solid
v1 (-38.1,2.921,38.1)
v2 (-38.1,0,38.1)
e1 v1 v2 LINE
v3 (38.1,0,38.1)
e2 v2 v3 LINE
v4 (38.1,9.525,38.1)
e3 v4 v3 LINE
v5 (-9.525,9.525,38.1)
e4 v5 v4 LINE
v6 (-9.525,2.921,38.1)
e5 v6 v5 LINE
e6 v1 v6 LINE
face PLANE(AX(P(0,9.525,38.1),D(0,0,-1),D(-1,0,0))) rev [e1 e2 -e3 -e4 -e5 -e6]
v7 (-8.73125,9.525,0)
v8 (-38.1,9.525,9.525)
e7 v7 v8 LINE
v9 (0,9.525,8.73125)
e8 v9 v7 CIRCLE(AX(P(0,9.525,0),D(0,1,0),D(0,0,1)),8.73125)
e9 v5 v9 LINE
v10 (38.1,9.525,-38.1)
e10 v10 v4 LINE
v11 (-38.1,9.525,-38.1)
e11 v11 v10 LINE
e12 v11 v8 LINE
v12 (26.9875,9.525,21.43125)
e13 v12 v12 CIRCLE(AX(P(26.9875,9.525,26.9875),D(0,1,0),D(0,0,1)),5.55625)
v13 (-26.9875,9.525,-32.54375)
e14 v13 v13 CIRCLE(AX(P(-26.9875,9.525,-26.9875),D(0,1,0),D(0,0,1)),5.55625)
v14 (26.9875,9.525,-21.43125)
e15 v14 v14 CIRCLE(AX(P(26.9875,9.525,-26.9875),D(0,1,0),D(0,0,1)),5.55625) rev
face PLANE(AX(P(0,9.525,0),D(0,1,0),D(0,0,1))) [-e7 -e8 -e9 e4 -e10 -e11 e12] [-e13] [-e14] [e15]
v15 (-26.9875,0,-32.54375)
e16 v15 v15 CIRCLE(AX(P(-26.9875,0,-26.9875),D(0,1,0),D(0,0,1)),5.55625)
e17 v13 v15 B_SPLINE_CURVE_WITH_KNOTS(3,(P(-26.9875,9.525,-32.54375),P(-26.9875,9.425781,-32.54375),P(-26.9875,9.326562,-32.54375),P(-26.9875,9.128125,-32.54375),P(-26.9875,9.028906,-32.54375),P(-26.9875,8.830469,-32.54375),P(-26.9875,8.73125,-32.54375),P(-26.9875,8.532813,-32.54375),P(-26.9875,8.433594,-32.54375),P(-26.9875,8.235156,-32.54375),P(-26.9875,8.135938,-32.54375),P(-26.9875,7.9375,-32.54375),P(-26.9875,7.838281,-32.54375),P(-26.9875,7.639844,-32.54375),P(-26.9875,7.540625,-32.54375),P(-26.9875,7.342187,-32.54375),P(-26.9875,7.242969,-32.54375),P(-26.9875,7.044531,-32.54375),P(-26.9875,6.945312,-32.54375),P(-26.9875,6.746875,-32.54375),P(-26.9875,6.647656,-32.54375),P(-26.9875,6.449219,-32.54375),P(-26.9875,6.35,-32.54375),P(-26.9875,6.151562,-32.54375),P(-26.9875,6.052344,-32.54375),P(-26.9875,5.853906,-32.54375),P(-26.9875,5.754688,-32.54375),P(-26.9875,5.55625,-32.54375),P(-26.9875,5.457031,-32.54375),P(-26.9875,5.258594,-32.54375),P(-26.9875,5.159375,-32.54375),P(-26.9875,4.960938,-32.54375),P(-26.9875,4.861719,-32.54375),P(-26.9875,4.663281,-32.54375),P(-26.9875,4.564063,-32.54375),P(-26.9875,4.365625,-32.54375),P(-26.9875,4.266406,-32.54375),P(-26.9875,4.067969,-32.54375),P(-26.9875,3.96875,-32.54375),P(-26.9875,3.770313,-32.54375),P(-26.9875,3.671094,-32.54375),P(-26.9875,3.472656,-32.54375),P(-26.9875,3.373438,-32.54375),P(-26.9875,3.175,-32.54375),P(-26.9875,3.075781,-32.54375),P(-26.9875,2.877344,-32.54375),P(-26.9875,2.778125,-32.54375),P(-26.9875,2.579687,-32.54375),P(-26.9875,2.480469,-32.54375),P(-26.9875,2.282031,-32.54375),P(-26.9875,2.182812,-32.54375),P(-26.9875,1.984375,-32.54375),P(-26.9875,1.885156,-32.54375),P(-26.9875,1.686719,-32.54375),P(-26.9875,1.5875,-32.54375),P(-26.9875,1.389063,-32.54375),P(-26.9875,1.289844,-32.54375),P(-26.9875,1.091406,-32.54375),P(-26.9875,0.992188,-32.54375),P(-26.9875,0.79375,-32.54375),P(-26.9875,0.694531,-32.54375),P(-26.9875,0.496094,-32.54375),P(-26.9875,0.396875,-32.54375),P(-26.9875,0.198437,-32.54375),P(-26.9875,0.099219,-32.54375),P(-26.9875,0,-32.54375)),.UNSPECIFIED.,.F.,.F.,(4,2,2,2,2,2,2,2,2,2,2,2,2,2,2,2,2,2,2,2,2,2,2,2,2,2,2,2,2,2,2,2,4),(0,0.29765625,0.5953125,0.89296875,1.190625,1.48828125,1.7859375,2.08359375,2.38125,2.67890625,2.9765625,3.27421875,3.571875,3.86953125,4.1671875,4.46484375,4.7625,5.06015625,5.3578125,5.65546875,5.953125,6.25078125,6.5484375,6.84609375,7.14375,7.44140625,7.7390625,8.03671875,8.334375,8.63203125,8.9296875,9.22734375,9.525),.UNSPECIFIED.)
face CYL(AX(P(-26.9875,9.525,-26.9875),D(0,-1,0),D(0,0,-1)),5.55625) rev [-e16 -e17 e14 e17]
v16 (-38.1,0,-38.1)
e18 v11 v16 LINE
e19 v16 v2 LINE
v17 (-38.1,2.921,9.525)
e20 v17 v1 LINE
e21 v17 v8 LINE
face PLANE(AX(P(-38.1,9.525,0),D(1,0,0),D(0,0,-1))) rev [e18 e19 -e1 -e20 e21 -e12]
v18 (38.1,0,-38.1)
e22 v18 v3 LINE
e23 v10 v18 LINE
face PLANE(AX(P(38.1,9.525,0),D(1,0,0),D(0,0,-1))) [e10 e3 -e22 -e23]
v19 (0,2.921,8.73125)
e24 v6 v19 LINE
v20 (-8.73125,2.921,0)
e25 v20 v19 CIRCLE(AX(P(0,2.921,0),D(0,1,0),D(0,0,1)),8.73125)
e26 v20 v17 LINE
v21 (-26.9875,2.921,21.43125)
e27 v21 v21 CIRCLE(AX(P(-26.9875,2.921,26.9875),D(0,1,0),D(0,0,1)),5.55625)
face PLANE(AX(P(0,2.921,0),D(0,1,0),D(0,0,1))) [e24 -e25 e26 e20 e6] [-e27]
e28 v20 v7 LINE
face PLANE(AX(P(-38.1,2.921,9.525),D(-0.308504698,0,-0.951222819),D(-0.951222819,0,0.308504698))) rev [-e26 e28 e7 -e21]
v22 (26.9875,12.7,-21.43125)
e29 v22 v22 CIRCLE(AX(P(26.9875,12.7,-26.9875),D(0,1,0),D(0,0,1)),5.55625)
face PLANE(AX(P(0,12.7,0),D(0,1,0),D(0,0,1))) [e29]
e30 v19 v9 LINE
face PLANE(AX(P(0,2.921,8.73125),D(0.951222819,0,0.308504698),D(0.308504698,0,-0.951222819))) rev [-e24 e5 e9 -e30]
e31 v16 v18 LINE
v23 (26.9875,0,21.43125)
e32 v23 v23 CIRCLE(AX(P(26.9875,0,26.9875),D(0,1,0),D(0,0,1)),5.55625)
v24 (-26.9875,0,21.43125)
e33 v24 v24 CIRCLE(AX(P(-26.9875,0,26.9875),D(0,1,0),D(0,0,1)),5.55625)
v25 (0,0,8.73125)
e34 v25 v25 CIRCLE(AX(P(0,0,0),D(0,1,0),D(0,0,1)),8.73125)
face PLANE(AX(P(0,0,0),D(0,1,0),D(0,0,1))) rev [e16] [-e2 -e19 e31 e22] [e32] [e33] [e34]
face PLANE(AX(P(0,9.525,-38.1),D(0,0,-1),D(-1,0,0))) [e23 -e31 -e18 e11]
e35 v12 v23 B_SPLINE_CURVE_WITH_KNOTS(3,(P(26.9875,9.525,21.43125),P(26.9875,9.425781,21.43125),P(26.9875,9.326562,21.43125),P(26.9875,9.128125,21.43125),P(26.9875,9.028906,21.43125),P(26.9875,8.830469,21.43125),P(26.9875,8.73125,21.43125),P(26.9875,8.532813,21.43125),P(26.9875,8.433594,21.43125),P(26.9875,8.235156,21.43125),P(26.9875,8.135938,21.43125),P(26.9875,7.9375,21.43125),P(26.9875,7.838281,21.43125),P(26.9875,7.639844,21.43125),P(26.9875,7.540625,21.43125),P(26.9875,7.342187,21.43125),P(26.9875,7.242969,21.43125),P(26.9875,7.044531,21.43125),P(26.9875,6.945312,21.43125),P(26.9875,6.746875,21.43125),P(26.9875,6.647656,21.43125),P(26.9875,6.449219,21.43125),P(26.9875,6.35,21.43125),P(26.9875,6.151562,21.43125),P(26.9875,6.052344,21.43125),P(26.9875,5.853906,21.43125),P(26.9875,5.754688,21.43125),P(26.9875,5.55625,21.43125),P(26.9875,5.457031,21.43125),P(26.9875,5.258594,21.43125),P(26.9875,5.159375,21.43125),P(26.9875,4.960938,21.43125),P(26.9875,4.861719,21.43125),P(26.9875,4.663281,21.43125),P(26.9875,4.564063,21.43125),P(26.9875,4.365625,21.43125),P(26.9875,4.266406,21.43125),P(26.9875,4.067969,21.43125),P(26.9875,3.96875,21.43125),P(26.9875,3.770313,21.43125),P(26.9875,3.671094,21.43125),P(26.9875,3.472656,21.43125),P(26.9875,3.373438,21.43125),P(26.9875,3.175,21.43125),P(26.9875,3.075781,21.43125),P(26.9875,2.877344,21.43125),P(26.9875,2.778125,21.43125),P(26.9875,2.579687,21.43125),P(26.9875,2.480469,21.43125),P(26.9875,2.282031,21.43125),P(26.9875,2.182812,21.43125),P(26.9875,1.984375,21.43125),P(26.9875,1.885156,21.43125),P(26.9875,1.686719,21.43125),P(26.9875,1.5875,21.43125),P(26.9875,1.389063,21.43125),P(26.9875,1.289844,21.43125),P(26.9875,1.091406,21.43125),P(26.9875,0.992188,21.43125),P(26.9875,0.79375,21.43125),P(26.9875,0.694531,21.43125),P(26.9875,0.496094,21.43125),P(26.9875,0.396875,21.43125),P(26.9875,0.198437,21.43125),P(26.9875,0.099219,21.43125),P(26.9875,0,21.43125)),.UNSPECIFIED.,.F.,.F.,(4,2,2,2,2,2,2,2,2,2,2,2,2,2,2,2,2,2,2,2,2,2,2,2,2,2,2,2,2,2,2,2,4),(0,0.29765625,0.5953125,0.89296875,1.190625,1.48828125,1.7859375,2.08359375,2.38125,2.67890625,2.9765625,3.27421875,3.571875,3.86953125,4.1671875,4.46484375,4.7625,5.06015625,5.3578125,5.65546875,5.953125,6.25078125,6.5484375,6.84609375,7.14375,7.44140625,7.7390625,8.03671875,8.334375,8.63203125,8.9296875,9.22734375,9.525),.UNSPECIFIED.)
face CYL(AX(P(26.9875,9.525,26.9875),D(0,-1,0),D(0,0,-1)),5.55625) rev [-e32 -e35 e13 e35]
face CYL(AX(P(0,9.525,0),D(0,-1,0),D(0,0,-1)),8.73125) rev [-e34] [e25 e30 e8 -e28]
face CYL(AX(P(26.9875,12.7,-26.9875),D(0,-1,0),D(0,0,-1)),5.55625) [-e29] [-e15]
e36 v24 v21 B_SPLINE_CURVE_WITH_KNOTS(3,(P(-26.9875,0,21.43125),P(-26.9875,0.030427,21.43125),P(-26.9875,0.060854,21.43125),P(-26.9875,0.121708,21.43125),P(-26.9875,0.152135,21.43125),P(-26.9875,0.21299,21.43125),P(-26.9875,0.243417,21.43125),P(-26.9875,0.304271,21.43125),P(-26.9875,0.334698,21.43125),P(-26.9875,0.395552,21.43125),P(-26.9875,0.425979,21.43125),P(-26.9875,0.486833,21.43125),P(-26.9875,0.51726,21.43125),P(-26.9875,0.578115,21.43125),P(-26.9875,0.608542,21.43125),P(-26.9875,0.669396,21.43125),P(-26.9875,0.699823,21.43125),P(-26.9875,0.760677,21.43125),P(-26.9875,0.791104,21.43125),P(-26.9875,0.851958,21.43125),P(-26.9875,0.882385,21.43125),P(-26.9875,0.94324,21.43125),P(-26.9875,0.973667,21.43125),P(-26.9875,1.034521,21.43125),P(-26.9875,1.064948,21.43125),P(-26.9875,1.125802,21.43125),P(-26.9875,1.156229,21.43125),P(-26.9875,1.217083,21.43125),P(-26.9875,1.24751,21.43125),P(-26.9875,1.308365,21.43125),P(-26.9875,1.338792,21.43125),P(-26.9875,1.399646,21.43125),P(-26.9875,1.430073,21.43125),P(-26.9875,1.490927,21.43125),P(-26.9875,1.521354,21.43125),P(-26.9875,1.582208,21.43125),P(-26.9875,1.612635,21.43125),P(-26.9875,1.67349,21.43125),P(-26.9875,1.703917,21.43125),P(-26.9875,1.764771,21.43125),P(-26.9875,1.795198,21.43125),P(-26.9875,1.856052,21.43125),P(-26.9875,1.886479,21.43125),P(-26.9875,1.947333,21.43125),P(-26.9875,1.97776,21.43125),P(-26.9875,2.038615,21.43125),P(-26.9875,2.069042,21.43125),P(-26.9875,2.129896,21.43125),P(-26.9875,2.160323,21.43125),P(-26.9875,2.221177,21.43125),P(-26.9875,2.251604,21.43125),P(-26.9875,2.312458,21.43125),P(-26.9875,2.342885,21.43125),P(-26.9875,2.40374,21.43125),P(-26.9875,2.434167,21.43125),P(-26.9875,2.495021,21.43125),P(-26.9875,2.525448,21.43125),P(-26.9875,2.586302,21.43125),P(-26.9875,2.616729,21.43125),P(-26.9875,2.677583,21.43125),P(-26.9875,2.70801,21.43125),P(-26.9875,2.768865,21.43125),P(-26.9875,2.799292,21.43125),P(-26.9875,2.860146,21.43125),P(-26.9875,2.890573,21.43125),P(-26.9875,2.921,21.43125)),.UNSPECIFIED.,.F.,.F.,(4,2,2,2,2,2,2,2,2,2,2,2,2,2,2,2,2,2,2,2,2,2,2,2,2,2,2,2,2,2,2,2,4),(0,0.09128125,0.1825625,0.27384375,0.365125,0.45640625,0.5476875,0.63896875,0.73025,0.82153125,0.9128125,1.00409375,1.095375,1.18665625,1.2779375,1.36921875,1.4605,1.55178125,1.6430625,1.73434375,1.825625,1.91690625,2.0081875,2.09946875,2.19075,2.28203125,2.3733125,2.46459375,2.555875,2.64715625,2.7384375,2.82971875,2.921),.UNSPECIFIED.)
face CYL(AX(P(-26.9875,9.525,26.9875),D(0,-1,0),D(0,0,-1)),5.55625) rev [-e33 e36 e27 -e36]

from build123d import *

# Parameters (mm, degrees)
SKETCH1_W           = 76.2
SKETCH1_H           = 76.2
SKETCH1_R           = 5.55625
SKETCH1_R_2         = 8.73125
BOSS_EXTRUDE1_DEPTH = 9.525
CUT_EXTRUDE1_DEPTH  = 6.604
SKETCH1_3_R         = 5.55625
BOSS_EXTRUDE2_DEPTH = 12.7


with BuildPart() as part:
    # Sketch1 → Boss-Extrude1 (new body)
    with BuildSketch(Plane(origin=(0, 0, 0), x_dir=(1, 0, 0), z_dir=(0, 1, 0))):
        Rectangle(SKETCH1_W, SKETCH1_H)
        with Locations((-26.9875, -26.9875)):
            Circle(SKETCH1_R, mode=Mode.SUBTRACT)
        with Locations((26.9875, -26.9875)):
            Circle(SKETCH1_R, mode=Mode.SUBTRACT)
        Circle(SKETCH1_R_2, mode=Mode.SUBTRACT)
        with Locations((-26.9875, 26.9875)):
            Circle(SKETCH1_R, mode=Mode.SUBTRACT)
    extrude(amount=BOSS_EXTRUDE1_DEPTH)

    # Sketch2 → Cut-Extrude1 (cut)
    with BuildSketch(Plane(origin=(0, 9.525, 0), x_dir=(1, 0, 0), z_dir=(0, 1, 0))):
        Polygon((-38.1, -9.525), (-8.73125, 0), (0, -8.73125), (-9.525, -38.1), (-38.1, -38.1), align=None)
    extrude(amount=-CUT_EXTRUDE1_DEPTH, mode=Mode.SUBTRACT)

    # Sketch1<3> → Boss-Extrude2 (add)
    with BuildSketch(Plane(origin=(0, 0, 0), x_dir=(1, 0, 0), z_dir=(0, 1, 0))):
        with Locations((26.9875, 26.9875)):
            Circle(SKETCH1_3_R)
    extrude(amount=BOSS_EXTRUDE2_DEPTH)


solid = part.part
